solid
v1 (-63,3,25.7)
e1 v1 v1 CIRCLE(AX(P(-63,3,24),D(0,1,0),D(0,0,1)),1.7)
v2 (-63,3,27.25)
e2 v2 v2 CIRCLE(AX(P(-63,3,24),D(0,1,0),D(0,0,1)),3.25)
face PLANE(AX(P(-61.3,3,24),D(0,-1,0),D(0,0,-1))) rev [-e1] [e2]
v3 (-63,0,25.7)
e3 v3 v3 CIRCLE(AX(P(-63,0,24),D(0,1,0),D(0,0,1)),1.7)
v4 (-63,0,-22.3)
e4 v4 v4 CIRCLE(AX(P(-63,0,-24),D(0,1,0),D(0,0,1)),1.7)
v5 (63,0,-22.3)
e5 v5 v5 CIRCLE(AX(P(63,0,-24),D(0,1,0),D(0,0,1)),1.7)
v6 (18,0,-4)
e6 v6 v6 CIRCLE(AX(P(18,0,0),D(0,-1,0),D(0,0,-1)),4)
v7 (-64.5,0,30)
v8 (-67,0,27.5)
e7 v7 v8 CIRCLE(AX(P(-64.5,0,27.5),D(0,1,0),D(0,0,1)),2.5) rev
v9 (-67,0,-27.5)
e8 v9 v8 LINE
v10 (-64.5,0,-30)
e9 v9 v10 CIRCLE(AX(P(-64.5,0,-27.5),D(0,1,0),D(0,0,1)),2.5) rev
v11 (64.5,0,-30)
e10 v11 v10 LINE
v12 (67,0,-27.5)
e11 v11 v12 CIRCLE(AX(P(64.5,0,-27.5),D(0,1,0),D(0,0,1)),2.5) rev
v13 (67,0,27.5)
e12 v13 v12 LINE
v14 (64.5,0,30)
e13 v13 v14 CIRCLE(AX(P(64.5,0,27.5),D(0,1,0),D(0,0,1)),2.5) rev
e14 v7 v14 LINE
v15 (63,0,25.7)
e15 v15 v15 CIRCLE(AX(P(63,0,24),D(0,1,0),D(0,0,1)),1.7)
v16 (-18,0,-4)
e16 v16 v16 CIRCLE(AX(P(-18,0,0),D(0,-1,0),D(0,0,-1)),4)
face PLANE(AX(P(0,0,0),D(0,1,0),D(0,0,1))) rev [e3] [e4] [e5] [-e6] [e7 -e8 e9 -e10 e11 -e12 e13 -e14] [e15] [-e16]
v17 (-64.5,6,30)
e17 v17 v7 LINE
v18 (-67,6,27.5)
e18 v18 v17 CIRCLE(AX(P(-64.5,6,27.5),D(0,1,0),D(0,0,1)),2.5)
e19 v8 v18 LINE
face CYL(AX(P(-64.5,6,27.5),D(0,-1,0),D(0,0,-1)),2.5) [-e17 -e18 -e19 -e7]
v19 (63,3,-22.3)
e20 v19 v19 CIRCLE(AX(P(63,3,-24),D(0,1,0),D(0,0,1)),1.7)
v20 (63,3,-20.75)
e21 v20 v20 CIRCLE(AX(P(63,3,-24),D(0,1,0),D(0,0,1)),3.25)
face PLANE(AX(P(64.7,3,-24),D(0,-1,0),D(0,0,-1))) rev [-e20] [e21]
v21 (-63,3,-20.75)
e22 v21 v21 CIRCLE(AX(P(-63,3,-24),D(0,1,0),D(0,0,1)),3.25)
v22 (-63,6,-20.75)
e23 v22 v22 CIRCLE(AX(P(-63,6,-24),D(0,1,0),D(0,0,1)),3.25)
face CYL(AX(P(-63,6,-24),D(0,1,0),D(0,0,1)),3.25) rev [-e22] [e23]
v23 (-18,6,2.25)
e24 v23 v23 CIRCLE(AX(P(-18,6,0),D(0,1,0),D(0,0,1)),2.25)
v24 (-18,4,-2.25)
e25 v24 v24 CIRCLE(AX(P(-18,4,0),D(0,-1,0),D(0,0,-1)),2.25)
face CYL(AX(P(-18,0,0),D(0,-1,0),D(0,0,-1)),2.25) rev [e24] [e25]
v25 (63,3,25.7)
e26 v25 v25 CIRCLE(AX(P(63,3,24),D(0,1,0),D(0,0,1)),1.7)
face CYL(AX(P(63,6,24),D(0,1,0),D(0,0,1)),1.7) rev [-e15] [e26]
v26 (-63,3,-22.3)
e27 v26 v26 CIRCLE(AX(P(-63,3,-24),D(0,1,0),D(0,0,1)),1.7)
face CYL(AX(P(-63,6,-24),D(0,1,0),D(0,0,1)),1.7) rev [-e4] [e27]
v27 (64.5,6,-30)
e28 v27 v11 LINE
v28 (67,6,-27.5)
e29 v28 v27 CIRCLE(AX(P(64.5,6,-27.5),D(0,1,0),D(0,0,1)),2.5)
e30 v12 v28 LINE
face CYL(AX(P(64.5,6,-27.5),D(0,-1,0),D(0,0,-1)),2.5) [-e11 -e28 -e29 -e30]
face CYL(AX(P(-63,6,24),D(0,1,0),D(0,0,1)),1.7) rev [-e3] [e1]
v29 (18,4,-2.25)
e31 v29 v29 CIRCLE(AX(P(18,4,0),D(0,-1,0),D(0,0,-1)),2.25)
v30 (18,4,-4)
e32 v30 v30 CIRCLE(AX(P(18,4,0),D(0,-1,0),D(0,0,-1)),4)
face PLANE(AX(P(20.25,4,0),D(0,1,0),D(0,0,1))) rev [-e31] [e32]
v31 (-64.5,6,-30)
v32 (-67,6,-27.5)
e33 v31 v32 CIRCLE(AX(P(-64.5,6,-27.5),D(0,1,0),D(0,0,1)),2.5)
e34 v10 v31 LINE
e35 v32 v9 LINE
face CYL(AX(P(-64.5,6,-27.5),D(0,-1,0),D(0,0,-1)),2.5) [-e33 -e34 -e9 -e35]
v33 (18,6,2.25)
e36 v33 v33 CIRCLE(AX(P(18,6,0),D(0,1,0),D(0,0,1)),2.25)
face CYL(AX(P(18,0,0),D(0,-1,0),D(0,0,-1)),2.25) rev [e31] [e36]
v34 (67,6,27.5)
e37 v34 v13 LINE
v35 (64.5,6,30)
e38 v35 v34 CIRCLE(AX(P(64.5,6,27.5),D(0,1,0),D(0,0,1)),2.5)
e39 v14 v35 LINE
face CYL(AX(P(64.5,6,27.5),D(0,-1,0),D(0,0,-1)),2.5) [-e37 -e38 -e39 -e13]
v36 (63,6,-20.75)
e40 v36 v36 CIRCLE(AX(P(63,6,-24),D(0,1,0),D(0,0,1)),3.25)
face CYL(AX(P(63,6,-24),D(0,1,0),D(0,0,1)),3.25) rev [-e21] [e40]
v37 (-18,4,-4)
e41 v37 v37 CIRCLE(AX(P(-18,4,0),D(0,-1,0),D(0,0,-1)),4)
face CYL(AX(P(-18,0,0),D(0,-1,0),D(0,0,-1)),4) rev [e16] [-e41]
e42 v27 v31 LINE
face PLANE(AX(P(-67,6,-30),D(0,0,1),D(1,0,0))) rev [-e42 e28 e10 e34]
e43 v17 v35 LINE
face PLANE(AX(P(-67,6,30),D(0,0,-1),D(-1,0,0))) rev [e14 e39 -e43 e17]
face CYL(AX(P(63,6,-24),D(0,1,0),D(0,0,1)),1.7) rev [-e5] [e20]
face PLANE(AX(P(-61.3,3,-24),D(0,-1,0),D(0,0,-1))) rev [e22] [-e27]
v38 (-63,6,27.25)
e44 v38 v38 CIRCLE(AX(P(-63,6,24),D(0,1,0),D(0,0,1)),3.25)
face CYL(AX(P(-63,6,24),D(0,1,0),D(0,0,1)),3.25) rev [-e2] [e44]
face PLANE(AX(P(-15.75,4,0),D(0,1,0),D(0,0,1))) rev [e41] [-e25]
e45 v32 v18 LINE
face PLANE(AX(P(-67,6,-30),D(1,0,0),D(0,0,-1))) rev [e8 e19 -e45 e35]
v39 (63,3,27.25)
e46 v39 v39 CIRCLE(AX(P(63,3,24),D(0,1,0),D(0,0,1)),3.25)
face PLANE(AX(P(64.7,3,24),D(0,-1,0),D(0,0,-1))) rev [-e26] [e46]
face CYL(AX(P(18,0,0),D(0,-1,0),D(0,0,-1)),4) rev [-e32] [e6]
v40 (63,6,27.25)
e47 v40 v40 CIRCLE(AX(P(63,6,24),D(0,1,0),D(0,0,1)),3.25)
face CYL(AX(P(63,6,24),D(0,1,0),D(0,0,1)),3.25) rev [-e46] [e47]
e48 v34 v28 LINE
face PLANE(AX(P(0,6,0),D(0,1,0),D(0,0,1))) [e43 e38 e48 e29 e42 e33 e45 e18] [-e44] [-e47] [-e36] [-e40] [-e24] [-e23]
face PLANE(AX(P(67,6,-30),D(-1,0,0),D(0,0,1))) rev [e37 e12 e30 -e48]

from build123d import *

# Parameters (mm, degrees)
SKETCH1_W                      = 134
SKETCH1_H                      = 60
BOSS_EXTRUDE1_DEPTH            = 6
CBORE_FOR_M3_SHCS1_D           = 3.4
CBORE_FOR_M3_SHCS1_DEPTH       = 17.38
CBORE_FOR_M3_SHCS1_CBORE_D     = 6.5
CBORE_FOR_M3_SHCS1_CBORE_DEPTH = 3
CBORE_FOR_M3_SHCS1_TIP         = 1.021463052
FILLET1_R                      = 2.5
CBORE_FOR_M4_SHCS1_D           = 4.5
CBORE_FOR_M4_SHCS1_DEPTH       = 12
CBORE_FOR_M4_SHCS1_CBORE_D     = 8
CBORE_FOR_M4_SHCS1_CBORE_DEPTH = 4
CBORE_FOR_M4_SHCS1_TIP         = 1.351936393


with BuildPart() as part:
    # Sketch1 → Boss-Extrude1 (new body)
    with BuildSketch(Plane(origin=(0, 0, 0), x_dir=(1, 0, 0), z_dir=(0, 1, 0))):
        Rectangle(SKETCH1_W, SKETCH1_H)
    extrude(amount=BOSS_EXTRUDE1_DEPTH)

    # CBORE for M3 SHCS1
    with Locations(Plane(origin=(0, 6, 0), x_dir=(1, 0, 0), z_dir=(0, 1, 0))):
        with Locations((-63, 24), (-63, -24), (63, -24), (63, 24)):
            CounterBoreHole(CBORE_FOR_M3_SHCS1_D / 2, CBORE_FOR_M3_SHCS1_CBORE_D / 2, CBORE_FOR_M3_SHCS1_CBORE_DEPTH, depth=CBORE_FOR_M3_SHCS1_DEPTH)
            with Locations((0, 0, -(CBORE_FOR_M3_SHCS1_DEPTH + CBORE_FOR_M3_SHCS1_TIP / 2))):  # 118° drill point
                Cone(0, CBORE_FOR_M3_SHCS1_D / 2, CBORE_FOR_M3_SHCS1_TIP, mode=Mode.SUBTRACT)

    # Fillet1
    fillet1_edges = [part.edges().sort_by_distance(p)[0] for p in [
        (67, 3, 30),
        (-67, 3, 30),
        (-67, 3, -30),
        (67, 3, -30),
    ]]
    fillet(fillet1_edges, radius=FILLET1_R)

    # CBORE for M4 SHCS1
    with Locations(Plane.XZ):
        with Locations((-18, 0), (18, 0)):
            CounterBoreHole(CBORE_FOR_M4_SHCS1_D / 2, CBORE_FOR_M4_SHCS1_CBORE_D / 2, CBORE_FOR_M4_SHCS1_CBORE_DEPTH, depth=CBORE_FOR_M4_SHCS1_DEPTH)
            with Locations((0, 0, -(CBORE_FOR_M4_SHCS1_DEPTH + CBORE_FOR_M4_SHCS1_TIP / 2))):  # 118° drill point
                Cone(0, CBORE_FOR_M4_SHCS1_D / 2, CBORE_FOR_M4_SHCS1_TIP, mode=Mode.SUBTRACT)


solid = part.part
